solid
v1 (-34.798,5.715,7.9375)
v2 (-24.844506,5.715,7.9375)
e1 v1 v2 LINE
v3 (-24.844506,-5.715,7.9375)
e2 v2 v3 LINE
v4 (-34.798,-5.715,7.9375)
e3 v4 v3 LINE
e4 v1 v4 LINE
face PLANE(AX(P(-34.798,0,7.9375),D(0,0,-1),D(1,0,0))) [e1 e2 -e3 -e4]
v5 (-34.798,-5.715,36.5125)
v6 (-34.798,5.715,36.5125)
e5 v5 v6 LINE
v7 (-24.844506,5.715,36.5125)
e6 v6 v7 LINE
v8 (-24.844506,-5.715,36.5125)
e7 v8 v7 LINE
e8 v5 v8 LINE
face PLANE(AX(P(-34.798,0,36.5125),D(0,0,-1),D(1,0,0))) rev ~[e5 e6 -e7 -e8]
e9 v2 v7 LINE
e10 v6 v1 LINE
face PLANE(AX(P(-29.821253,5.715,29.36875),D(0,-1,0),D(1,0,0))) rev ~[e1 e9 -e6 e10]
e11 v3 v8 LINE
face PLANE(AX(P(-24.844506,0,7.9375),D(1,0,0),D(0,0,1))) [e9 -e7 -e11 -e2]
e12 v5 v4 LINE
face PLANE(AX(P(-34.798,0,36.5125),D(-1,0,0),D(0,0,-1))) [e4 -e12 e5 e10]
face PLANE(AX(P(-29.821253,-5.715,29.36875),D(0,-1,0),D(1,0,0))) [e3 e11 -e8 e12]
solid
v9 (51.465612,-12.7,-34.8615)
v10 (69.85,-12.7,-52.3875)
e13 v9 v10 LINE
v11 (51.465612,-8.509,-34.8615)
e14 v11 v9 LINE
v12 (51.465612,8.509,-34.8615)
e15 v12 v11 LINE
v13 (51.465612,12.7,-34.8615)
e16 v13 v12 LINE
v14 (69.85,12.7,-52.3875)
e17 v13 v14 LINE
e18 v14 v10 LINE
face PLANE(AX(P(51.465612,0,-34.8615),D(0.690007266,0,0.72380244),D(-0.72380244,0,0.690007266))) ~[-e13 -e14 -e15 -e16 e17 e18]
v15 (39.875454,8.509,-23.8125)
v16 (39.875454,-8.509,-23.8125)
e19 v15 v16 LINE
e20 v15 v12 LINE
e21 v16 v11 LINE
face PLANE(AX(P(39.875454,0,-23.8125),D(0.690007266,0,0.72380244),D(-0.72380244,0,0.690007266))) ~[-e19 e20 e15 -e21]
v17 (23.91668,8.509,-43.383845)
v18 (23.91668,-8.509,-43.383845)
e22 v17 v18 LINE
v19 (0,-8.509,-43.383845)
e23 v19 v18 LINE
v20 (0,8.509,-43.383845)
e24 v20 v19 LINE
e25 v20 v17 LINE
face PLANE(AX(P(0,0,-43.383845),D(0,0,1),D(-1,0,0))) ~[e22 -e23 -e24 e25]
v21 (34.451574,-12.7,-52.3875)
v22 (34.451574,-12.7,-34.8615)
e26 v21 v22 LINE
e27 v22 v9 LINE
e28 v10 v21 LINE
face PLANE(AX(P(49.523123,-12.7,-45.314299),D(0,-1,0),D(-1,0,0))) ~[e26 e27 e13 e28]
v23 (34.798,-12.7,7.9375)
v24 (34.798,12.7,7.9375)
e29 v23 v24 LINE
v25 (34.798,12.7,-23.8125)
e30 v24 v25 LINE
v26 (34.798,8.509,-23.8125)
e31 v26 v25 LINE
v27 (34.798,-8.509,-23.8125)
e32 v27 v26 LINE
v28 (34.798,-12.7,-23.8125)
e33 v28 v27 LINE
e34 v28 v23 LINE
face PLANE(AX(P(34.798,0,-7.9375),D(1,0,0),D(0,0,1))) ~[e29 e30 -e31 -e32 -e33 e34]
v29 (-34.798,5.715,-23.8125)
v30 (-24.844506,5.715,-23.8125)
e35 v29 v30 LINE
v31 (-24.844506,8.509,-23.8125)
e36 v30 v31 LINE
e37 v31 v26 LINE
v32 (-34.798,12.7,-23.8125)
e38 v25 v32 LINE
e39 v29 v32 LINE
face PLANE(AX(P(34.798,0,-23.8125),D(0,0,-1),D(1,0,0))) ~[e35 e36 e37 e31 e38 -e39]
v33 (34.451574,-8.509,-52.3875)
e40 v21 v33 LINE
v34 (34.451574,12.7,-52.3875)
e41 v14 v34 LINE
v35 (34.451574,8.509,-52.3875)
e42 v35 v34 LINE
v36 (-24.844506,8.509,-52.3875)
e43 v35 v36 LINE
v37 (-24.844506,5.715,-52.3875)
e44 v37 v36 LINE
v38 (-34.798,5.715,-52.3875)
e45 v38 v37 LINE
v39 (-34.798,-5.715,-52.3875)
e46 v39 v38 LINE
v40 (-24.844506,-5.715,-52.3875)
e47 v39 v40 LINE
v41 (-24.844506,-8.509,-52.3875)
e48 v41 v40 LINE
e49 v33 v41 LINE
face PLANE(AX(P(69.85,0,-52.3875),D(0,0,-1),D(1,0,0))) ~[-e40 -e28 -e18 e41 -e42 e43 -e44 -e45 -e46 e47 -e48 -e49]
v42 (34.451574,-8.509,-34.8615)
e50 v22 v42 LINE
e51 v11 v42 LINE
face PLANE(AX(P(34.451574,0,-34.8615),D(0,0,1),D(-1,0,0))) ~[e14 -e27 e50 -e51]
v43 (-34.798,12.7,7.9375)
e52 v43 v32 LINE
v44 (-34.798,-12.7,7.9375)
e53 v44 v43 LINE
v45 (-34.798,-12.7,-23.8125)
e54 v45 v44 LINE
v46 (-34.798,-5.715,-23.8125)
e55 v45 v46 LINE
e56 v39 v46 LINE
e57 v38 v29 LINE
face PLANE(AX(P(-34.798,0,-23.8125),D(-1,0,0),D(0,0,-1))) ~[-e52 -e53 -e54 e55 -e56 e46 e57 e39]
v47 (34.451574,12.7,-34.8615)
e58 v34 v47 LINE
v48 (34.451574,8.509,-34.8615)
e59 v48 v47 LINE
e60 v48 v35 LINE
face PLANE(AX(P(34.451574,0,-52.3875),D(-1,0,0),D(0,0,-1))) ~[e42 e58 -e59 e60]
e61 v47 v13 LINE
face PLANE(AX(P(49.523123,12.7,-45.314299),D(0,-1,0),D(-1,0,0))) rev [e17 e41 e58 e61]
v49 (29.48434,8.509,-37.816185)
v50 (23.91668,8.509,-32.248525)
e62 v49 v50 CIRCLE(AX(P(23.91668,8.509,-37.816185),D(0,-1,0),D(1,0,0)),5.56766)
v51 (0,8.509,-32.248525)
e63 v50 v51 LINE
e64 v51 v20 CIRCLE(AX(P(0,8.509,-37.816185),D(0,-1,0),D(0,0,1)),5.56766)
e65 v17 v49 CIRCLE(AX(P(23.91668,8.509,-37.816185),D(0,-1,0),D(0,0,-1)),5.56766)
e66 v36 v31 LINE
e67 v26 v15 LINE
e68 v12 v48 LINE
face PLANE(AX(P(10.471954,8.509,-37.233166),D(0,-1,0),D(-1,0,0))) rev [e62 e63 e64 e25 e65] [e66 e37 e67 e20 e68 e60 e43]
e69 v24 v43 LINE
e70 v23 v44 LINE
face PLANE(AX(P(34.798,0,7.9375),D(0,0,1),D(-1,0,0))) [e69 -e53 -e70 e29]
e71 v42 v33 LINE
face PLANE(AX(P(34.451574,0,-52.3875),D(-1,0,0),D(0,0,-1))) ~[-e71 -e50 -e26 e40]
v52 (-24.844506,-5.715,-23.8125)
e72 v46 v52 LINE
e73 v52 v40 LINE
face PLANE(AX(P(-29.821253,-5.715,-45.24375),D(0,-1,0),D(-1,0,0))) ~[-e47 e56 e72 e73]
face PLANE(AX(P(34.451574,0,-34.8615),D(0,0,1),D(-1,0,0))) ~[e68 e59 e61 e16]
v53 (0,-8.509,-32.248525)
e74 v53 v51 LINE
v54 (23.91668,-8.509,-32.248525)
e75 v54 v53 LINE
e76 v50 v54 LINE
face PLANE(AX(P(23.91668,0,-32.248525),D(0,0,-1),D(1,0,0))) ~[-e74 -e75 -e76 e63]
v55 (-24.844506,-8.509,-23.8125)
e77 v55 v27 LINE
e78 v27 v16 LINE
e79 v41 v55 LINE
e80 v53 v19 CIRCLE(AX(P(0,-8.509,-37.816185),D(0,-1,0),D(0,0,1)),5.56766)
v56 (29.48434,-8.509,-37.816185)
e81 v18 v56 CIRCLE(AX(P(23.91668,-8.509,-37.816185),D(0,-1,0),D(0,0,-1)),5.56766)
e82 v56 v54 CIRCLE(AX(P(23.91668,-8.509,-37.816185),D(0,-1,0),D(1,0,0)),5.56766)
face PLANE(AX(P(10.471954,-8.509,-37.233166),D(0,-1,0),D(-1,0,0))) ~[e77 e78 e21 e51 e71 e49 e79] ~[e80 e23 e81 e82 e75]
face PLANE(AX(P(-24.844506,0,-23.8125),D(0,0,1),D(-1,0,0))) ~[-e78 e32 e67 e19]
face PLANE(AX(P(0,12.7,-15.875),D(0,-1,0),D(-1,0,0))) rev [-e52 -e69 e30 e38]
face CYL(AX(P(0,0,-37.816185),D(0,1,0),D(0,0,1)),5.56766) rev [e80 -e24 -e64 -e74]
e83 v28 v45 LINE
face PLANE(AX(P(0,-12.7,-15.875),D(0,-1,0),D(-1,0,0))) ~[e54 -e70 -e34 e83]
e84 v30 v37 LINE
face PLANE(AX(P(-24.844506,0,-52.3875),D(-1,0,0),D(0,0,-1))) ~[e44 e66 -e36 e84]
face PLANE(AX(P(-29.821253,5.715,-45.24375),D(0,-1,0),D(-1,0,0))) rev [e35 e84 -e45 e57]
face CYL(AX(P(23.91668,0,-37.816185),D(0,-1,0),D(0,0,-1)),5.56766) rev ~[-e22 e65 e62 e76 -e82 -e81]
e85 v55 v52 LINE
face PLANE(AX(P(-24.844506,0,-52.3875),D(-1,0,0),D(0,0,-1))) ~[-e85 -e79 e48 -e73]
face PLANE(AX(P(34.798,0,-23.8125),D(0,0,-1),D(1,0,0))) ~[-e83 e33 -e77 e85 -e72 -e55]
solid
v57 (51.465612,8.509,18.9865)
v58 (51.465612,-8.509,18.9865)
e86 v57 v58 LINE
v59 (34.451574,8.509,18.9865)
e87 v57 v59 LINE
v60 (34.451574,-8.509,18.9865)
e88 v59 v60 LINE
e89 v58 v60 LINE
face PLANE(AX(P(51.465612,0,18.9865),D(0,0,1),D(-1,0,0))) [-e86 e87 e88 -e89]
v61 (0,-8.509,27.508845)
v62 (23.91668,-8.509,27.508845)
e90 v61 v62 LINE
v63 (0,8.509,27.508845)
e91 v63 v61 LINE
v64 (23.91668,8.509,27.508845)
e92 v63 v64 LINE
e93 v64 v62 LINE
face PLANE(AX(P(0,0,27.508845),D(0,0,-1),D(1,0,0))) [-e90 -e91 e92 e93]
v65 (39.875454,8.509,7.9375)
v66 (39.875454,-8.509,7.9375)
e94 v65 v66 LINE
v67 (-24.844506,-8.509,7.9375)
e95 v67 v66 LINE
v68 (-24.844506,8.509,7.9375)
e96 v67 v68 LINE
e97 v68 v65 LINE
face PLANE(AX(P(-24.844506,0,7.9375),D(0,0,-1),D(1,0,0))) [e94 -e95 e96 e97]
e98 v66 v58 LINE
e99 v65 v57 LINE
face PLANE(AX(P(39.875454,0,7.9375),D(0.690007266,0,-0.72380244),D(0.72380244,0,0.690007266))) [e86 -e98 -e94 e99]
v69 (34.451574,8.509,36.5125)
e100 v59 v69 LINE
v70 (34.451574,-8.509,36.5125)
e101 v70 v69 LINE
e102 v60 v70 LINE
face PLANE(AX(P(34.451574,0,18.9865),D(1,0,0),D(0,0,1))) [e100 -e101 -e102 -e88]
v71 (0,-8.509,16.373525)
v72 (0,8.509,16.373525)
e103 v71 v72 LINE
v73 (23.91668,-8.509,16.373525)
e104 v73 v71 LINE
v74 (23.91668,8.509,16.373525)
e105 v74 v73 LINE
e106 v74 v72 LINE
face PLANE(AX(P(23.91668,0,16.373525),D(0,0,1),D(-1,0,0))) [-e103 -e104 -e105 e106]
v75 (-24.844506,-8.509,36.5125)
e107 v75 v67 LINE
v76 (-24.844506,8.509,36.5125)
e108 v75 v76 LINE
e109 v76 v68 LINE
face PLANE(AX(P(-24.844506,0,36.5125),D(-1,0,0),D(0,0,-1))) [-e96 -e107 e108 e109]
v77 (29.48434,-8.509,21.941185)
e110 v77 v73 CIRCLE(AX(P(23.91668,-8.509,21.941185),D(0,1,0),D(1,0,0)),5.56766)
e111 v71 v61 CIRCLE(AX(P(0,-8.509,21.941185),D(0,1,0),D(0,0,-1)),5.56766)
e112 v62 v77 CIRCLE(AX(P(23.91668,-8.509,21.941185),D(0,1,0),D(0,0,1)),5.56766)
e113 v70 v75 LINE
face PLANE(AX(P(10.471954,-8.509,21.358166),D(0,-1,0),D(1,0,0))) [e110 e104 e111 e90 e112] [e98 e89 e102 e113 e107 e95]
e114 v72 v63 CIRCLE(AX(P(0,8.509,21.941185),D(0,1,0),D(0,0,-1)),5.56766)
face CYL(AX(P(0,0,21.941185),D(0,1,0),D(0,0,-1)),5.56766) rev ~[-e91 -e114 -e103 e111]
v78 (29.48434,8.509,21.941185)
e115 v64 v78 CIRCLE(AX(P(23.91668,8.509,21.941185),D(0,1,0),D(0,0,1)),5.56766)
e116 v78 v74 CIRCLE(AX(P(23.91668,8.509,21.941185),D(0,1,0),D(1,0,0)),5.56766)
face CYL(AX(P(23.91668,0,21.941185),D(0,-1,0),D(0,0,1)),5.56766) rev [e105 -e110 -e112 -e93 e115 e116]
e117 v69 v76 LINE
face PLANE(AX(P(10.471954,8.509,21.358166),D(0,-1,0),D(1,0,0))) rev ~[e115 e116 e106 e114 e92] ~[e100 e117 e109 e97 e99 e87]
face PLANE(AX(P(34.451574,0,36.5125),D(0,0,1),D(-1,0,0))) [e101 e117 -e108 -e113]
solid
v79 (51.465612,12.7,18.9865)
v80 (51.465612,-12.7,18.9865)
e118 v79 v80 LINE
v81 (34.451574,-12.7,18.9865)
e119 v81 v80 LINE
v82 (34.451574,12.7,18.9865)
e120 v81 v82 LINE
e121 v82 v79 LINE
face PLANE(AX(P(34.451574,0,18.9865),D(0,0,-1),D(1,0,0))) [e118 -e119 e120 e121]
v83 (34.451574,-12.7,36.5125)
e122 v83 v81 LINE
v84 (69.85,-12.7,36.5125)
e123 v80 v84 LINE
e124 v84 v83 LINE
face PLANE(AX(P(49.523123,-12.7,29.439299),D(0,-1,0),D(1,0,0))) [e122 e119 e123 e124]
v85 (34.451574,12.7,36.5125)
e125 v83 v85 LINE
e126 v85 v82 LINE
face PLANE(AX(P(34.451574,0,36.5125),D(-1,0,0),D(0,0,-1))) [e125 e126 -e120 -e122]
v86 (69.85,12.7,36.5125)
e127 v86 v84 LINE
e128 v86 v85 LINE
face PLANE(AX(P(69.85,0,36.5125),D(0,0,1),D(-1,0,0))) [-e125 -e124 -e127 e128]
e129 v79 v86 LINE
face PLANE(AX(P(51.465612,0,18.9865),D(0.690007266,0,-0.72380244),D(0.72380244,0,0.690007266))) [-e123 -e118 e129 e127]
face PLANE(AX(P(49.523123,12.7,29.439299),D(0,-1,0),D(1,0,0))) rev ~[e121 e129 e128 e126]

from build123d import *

# Parameters (mm, degrees)
F1_DEPTH = 12.7
F2_DEPTH = 8.509
F0_W     = 9.9534935624
F0_H     = 14.2875
F3_DEPTH = 5.715


with BuildPart() as f1:
    # F0 (on Front) → F1 (new body, symmetric)
    with BuildSketch(Plane.XZ):
        Polygon((34.4515740871, 18.9865), (51.4656116075, 18.9865), (69.85, 36.5125), (34.4515740871, 36.5125), align=None)
    extrude(amount=F1_DEPTH, both=True)


with BuildPart() as f1b:
    # F0 (on Front) → F1, piece 2 (new body, symmetric)
    with BuildSketch(Plane.XZ):
        Polygon((-24.8445064376, 7.9375), (-34.798, 7.9375), (-34.798, -7.9375), (34.798, -7.9375), (34.798, 7.9375), align=None)
    extrude(amount=F1_DEPTH, both=True)



with BuildPart() as f2:
    # F0 (on Front) → F2 (new body, symmetric)
    with BuildSketch(Plane.XZ):
        Polygon((-24.8445064376, 22.225), (-24.8445064376, 7.9375), (34.798, 7.9375), (39.8754537078, 7.9375), (51.4656116075, 18.9865), (34.4515740871, 18.9865), (34.4515740871, 36.5125), (-24.8445064376, 36.5125), align=None)
        with BuildLine():
            ThreePointArc((0, 16.3735247751), (-5.5676602225, 21.9411849976), (0, 27.50884522))
            Line((0, 27.50884522), (23.9166795551, 27.50884522))
            ThreePointArc((23.9166795551, 27.50884522), (27.8536098537, 25.8781152962), (29.4843397775, 21.9411849976))
            ThreePointArc((29.4843397775, 21.9411849976), (27.8536098537, 18.0042546989), (23.9166795551, 16.3735247751))
            Line((23.9166795551, 16.3735247751), (0, 16.3735247751))
        make_face(mode=Mode.SUBTRACT)
    extrude(amount=F2_DEPTH, both=True)


with BuildPart() as f3:
    # F0 (on Front) → F3 (new body, symmetric)
    with BuildSketch(Plane.XZ):
        with Locations((-29.8212532188, 29.36875)):
            Rectangle(F0_W, F0_H)
        with Locations((-29.8212532188, 15.08125)):
            Rectangle(F0_W, F0_H)
    extrude(amount=F3_DEPTH, both=True)


with BuildPart() as f1b_1:
    add(f1b.part)
    # F4: F3, F2, F1, F1b across face
    add(f3.part.mirror(Plane(origin=(0, 0, -7.9375), x_dir=(1, 0, 0), z_dir=(0, 0, -1))))
    add(f2.part.mirror(Plane(origin=(0, 0, -7.9375), x_dir=(1, 0, 0), z_dir=(0, 0, -1))))
    add(f1.part.mirror(Plane(origin=(0, 0, -7.9375), x_dir=(1, 0, 0), z_dir=(0, 0, -1))))
    add(f1b.part.mirror(Plane(origin=(0, 0, -7.9375), x_dir=(1, 0, 0), z_dir=(0, 0, -1))))


solid = Compound([f1.part, f2.part, f3.part, f1b_1.part])
